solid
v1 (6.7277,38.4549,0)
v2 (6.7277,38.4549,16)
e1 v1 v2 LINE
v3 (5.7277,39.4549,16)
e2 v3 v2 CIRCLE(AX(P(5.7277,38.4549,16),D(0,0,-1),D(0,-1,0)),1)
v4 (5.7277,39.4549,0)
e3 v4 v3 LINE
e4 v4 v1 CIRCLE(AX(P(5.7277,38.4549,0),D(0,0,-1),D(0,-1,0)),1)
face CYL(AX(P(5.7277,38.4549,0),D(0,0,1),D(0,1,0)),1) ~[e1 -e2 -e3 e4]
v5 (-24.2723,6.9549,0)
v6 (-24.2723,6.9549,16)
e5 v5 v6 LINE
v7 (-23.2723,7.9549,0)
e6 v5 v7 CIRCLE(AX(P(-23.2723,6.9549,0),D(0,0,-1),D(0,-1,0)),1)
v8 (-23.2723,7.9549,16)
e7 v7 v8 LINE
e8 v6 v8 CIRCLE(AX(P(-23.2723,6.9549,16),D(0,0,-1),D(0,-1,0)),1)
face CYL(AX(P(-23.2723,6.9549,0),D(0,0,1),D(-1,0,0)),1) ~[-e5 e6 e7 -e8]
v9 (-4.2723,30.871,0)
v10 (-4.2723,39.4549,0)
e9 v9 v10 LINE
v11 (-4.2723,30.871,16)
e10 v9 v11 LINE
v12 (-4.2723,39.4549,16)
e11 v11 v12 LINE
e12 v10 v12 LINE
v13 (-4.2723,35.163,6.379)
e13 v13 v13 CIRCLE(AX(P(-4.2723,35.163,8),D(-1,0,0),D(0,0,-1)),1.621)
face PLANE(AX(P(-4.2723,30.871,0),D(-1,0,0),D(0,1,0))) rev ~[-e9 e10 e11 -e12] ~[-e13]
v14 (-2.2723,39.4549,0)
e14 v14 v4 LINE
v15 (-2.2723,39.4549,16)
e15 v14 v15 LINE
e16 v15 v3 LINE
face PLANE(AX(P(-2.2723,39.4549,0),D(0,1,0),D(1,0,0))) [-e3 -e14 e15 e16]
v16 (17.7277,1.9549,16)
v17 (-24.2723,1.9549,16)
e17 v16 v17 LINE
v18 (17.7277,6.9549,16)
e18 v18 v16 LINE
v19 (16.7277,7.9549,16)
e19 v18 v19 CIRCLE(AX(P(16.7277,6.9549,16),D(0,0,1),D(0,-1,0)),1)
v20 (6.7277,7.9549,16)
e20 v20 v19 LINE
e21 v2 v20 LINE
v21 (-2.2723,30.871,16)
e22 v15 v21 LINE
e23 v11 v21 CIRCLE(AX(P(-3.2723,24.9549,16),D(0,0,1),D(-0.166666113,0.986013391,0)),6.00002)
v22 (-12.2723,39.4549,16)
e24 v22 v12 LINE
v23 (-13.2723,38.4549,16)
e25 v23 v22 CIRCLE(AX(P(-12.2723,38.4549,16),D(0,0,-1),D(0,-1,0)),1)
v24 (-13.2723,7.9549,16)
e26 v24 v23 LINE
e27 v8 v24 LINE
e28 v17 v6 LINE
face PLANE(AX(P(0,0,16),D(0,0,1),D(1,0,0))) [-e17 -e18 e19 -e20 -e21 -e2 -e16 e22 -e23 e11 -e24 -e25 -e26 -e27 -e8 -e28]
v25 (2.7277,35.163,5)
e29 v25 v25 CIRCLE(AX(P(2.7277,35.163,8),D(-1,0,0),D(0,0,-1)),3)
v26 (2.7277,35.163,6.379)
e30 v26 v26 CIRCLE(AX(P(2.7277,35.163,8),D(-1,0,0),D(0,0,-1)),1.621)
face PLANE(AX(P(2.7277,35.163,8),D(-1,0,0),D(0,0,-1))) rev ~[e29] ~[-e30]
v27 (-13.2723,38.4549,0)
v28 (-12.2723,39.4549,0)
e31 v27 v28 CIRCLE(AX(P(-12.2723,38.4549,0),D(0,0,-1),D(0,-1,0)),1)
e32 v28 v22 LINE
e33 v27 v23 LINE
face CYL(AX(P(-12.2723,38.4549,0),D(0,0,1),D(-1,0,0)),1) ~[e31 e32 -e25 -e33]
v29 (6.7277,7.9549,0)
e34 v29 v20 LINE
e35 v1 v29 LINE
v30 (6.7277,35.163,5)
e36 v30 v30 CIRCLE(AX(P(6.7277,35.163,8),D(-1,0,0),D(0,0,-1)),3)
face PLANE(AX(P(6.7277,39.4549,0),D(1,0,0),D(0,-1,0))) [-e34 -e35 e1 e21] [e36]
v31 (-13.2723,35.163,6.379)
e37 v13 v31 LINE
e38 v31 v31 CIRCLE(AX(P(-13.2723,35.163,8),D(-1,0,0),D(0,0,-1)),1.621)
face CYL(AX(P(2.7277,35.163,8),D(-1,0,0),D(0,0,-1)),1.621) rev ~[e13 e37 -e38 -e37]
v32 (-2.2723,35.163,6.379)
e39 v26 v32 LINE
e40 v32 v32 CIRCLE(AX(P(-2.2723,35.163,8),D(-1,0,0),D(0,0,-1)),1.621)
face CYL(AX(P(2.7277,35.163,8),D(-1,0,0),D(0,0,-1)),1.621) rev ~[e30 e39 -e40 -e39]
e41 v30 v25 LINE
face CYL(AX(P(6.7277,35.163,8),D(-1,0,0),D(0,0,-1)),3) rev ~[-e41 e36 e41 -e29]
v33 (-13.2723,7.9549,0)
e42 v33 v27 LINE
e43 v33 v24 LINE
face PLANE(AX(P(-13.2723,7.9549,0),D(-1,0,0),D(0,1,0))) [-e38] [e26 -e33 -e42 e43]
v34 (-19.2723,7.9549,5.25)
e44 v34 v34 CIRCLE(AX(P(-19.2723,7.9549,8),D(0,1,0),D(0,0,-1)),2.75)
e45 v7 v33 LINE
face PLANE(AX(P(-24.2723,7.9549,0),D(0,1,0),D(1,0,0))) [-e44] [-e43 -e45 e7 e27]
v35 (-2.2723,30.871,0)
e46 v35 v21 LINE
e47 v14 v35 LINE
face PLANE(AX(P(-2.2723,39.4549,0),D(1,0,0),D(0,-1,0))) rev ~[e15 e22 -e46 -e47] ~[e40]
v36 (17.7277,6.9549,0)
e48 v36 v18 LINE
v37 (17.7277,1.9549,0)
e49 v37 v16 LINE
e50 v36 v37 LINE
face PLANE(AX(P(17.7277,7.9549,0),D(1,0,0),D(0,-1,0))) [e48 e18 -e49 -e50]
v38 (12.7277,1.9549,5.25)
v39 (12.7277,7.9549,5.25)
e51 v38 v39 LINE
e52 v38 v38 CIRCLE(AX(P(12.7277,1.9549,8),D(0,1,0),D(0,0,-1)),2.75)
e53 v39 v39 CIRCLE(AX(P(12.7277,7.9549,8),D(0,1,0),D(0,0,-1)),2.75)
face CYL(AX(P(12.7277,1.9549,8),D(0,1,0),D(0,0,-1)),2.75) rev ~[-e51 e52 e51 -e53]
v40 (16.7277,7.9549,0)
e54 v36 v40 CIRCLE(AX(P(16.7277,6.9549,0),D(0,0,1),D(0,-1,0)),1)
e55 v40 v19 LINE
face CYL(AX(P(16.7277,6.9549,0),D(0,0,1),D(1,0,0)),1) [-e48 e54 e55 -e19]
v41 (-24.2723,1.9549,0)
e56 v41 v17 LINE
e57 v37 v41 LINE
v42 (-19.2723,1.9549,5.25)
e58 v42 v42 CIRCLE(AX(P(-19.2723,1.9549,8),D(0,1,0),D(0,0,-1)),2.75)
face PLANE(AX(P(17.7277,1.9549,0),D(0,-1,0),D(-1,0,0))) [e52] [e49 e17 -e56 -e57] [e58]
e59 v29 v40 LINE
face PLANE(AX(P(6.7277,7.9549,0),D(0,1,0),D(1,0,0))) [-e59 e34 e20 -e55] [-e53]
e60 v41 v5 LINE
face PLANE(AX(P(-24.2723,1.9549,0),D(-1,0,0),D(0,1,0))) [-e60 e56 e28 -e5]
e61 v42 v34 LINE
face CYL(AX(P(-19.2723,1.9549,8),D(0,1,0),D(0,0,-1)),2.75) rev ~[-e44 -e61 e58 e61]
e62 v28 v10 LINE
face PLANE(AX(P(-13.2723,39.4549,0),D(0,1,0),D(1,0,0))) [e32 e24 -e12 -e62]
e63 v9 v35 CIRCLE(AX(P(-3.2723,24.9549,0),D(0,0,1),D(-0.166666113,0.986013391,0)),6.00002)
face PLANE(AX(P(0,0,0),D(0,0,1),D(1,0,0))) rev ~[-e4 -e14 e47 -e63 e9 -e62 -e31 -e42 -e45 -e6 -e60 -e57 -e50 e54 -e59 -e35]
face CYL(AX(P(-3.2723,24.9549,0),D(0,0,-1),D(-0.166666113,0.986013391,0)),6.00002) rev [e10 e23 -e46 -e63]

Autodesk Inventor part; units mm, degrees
ref_plane "YZ Plane" through (0, 0, 0) normal (1, 0, 0) x (0, 1, 0)
ref_plane "XZ Plane" through (0, 0, 0) normal (0, 1, 0) x (-1, 0, 0)
ref_plane "XY Plane" through (0, 0, 0) normal (0, 0, 1) x (1, 0, 0)
sketch "Esboço1" plane through (0, 0, 0) normal (0, 0, 1) x (1, 0, 0)
  line L0 (17.7277, 1.9549) -> (-24.2723, 1.9549)
  line L1 (-24.2723, 1.9549) -> (-24.2723, 7.9549)
  line L2 (17.7277, 7.9549) -> (17.7277, 1.9549)
  line L3 (6.7277, 39.4549) -> (6.7277, 7.9549)
  line L4 (-13.2723, 7.9549) -> (-13.2723, 39.4549)
  arc A0 (-4.2723, 30.871) -> (-2.2723, 30.871) centre (-3.2723, 24.9549) ccw
  line L5 (-24.2723, 7.9549) -> (-13.2723, 7.9549)
  line L6 (6.7277, 7.9549) -> (17.7277, 7.9549)
  line L7 (-2.2723, 39.4549) -> (-2.2723, 30.871)
  line L8 (-4.2723, 30.871) -> (-4.2723, 39.4549)
  line L9 (-13.2723, 39.4549) -> (-4.2723, 39.4549)
  line L10 (-2.2723, 39.4549) -> (6.7277, 39.4549)
  dimension "largura" = 42
  dimension "largura_topo" = 20
  dimension "altura_base" = 6
  dimension "diametro" = 12
  dimension "altura_furo" = 23
  dimension "d6" = 11
  dimension "d7" = 10
  dimension "d8" = 6
  dimension "d10" = 9
  dimension "d11" = 9
  dimension "altura" = 37.5
  dimension "d33" = 37.5
extrude "Extrusão1" add sketch "Esboço1" along normal blind 16
sketch "Esboço2" plane through (6.7277, 7.9549, 0) normal (1, 0, 0) x (0, 0, -1)
  line L0 (0, 22.9161) -> (-16, 22.9161) projected
  line L1 (-8, 22.9161) -> (-8, 31.5) construction
  circle A0 centre (-8, 27.208) radius 1.1711 construction
  line L2 (0, 31.5) -> (-16, 31.5) projected
  point P0 (0, -7.9549)
hole "Furo1" at (6.7277, 35.163, 8) direction (-1, 0, 0) diameter 3.242 end through all counterbore diameter 6 counterbore depth 4 thread size "M4x0.7" class "6H" standard "ANSI Metric M Profile"
sketch "Esboço3" plane through (-24.2723, 1.9549, 0) normal (0, -1, 0) x (1, 0, 0)
  line L0 (5, 8) -> (37, 8) construction
  circle A0 centre (5, 8) radius 1 construction
  circle A1 centre (37, 8) radius 1 construction
  line L1 (42, 0) -> (0, 0) construction
  line L2 (21, 0) -> (21, 16) construction
  line L3 (0, 16) -> (42, 16) construction
  point P0 (21, 8)
  dimension "distancia_parafusos" = 32
  dimension "d22" = 2
  dimension "d23" = 2
hole "Furo2" at (-19.2723, 1.9549, 8) at (12.7277, 1.9549, 8) direction (0, 1, 0) diameter 5.5 end through all
fillet "Arredondamento1" radius 1 4 edges at (6.7277, 39.4549, 8) (-13.2723, 39.4549, 8) (-24.2723, 7.9549, 8) (17.7277, 7.9549, 8)
equation "\"d6\" = -0.5 * largura_topo + 0.5 * largura"
equation "\"d7\" = 0.5 * largura_topo"
equation "\"d8\" = altura_base"
equation "\"d11\" = d10"
equation "\"d33\" = altura"
properties part number "Sk12"
